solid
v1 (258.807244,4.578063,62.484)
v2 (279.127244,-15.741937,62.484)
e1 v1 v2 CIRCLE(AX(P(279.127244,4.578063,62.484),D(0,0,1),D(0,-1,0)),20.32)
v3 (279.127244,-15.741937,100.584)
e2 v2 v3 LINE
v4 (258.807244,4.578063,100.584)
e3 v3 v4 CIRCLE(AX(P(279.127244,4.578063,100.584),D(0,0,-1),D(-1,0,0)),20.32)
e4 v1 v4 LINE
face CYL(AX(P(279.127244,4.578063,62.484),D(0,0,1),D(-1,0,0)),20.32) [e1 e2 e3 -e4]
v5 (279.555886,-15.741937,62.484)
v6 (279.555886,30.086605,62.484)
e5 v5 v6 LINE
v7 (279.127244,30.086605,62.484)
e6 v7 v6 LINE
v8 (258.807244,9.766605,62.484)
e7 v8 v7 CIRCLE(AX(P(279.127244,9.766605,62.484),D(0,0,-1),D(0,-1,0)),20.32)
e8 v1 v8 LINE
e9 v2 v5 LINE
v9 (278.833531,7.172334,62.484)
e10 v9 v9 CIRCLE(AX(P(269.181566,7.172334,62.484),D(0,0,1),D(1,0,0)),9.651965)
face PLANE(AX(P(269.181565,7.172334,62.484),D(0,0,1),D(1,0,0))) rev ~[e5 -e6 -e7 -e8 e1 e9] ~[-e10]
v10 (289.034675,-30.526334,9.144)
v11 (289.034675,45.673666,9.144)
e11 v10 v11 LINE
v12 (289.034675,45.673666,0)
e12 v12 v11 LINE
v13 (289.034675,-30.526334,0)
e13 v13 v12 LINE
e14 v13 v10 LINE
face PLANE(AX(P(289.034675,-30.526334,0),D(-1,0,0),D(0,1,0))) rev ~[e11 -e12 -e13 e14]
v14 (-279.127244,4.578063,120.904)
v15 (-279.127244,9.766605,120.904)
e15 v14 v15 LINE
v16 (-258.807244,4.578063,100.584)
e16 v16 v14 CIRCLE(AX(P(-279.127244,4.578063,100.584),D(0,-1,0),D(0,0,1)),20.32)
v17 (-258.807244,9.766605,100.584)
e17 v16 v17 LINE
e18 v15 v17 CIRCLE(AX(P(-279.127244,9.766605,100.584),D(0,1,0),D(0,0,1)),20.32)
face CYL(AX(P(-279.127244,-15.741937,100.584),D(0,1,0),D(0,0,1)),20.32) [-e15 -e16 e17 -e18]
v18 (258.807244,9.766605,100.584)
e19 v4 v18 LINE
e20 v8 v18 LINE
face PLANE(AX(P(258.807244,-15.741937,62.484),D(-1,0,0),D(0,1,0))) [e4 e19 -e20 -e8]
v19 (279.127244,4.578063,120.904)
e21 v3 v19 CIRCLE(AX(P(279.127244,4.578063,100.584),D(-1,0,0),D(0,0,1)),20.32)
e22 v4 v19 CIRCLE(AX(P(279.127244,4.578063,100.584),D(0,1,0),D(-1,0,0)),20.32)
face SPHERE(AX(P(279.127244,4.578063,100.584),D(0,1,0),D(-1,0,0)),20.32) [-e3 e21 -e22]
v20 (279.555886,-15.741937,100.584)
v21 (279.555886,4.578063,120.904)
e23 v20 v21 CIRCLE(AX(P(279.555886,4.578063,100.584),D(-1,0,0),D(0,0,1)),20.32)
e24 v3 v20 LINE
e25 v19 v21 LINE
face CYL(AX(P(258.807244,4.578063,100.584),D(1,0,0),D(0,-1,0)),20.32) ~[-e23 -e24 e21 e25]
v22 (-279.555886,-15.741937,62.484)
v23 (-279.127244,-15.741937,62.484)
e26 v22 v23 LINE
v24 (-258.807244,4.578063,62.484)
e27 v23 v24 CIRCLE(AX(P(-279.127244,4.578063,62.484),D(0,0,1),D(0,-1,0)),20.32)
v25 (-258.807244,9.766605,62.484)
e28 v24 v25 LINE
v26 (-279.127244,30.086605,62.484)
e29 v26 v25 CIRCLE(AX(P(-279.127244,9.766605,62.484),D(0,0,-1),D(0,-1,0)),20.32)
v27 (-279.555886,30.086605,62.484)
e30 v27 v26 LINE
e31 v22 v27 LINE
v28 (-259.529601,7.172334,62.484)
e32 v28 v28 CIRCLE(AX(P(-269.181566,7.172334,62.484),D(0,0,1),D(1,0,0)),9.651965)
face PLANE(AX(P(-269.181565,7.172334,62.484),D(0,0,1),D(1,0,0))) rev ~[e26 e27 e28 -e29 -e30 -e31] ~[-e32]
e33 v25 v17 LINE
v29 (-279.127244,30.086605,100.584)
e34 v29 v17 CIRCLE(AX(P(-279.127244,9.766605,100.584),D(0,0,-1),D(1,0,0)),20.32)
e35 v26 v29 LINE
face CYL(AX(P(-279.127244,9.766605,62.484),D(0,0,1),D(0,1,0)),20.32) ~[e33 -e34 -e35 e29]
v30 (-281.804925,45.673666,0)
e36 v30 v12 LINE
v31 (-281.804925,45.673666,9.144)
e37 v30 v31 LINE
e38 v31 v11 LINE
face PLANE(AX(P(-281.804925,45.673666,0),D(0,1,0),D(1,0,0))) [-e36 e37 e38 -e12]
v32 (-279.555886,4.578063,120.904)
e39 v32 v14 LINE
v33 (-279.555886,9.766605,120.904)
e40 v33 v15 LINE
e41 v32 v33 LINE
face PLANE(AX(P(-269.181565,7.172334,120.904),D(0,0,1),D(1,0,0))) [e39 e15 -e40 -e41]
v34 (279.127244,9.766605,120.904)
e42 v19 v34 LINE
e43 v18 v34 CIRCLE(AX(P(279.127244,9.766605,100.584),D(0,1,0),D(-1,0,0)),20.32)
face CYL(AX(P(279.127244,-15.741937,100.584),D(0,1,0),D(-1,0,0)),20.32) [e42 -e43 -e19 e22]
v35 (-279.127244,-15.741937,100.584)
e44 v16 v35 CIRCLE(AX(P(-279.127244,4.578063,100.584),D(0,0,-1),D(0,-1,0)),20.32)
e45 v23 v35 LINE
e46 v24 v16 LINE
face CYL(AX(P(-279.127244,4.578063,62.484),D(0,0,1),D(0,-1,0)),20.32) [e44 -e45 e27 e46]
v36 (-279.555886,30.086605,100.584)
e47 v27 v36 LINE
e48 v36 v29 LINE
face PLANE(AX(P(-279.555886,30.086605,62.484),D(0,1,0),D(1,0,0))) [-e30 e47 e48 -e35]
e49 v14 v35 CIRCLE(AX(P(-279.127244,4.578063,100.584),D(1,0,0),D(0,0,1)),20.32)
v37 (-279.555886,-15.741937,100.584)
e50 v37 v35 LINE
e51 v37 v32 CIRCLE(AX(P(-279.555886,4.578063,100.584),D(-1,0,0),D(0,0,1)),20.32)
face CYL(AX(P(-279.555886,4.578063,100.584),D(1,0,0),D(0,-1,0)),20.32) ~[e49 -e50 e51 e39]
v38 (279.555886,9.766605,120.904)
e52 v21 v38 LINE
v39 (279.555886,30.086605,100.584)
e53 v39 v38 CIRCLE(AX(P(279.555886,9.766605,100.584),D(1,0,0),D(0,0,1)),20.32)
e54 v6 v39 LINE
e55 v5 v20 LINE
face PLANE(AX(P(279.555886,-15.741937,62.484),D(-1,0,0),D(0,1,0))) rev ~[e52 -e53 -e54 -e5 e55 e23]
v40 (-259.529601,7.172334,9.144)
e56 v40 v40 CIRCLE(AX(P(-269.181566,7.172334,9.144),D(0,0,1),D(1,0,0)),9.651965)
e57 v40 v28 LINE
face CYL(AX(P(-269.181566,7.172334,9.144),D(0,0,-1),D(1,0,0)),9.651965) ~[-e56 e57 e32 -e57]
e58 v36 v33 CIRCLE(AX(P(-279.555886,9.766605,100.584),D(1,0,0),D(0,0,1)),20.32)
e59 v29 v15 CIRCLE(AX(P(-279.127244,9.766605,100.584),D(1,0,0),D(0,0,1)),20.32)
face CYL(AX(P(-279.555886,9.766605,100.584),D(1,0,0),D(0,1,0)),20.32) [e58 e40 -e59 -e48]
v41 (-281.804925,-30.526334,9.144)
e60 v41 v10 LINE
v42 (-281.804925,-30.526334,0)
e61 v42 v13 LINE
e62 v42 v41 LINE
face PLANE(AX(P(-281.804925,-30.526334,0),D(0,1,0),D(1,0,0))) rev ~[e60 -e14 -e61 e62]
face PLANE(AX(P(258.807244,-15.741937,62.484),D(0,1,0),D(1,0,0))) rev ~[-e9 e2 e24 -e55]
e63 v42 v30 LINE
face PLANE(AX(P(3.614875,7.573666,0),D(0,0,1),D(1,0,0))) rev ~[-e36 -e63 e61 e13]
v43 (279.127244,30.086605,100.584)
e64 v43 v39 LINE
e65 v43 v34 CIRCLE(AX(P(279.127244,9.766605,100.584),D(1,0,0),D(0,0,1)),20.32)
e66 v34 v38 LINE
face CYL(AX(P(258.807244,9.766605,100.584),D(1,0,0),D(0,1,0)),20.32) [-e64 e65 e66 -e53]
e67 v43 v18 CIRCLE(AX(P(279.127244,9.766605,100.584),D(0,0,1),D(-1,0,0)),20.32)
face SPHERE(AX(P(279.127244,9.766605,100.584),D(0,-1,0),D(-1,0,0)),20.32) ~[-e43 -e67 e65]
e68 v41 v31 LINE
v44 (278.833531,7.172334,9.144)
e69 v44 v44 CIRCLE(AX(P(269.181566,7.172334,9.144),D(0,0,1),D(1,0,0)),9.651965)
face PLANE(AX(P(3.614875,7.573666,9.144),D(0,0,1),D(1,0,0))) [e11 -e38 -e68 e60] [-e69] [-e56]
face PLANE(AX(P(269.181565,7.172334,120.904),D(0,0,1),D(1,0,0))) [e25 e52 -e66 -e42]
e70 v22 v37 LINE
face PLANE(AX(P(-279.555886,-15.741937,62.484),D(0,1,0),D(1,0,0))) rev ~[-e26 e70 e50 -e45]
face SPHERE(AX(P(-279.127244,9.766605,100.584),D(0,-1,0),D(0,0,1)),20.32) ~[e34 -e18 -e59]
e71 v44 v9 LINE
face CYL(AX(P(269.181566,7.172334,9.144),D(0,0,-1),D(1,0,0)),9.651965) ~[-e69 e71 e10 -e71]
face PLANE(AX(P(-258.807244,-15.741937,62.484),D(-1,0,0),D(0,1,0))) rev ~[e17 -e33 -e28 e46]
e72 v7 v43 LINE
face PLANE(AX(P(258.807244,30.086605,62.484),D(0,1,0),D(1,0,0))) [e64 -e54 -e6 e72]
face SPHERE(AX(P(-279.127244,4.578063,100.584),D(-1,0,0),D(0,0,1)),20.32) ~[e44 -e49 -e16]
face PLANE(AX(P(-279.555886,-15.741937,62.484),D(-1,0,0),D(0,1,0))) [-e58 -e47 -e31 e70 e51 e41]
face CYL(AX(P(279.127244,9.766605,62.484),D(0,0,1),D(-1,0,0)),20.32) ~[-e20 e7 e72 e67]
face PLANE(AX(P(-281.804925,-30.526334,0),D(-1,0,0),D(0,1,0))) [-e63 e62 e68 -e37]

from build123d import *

# Parameters (mm, degrees)
F0_W     = 570.8396
F0_H     = 76.2
F1_DEPTH = 9.144
F2_R     = 9.651965
F3_DEPTH = 53.34
F4_W     = 20.748643
F4_H     = 45.828542
F5_DEPTH = 58.42
F6_R     = 20.32
F7_R     = 20.32


with BuildPart() as f1:
    # F0 (on Top) → F1 (new body)
    with BuildSketch(Plane.XY):
        with Locations((3.614875, 7.573666)):
            Rectangle(F0_W, F0_H)
    extrude(amount=F1_DEPTH)

    # F2 (on face) → F3 (join)
    with BuildSketch(Plane.XY.offset(9.144)):
        with Locations((-269.181566, 7.172334)):
            Circle(F2_R)
        with Locations((269.181566, 7.172334)):
            Circle(F2_R)
    extrude(amount=F3_DEPTH)

    # F4 (on face) → F5 (join)
    with BuildSketch(Plane.XY.offset(62.484)):
        with Locations((-269.181565, 7.172334)):
            Rectangle(F4_W, F4_H)
        with Locations((269.181565, 7.172334)):
            Rectangle(F4_W, F4_H)
    extrude(amount=F5_DEPTH)

    # F6
    f6_edges = [f1.edges().sort_by_distance(p)[0] for p in [
        (-269.181566, -15.741937, 120.904),
        (-258.807244, 7.172334, 120.904),
        (-269.181566, 30.086605, 120.904),
        (-258.807244, -15.741937, 91.694),
        (-258.807244, 30.086605, 91.694),
    ]]
    fillet(f6_edges, radius=F6_R)

    # F7
    f7_edges = [f1.edges().sort_by_distance(p)[0] for p in [
        (258.807244, 7.172334, 120.904),
        (258.807244, 30.086605, 91.694),
        (258.807244, -15.741937, 91.694),
        (269.181566, -15.741937, 120.904),
        (269.181566, 30.086605, 120.904),
    ]]
    fillet(f7_edges, radius=F7_R)


solid = f1.part
